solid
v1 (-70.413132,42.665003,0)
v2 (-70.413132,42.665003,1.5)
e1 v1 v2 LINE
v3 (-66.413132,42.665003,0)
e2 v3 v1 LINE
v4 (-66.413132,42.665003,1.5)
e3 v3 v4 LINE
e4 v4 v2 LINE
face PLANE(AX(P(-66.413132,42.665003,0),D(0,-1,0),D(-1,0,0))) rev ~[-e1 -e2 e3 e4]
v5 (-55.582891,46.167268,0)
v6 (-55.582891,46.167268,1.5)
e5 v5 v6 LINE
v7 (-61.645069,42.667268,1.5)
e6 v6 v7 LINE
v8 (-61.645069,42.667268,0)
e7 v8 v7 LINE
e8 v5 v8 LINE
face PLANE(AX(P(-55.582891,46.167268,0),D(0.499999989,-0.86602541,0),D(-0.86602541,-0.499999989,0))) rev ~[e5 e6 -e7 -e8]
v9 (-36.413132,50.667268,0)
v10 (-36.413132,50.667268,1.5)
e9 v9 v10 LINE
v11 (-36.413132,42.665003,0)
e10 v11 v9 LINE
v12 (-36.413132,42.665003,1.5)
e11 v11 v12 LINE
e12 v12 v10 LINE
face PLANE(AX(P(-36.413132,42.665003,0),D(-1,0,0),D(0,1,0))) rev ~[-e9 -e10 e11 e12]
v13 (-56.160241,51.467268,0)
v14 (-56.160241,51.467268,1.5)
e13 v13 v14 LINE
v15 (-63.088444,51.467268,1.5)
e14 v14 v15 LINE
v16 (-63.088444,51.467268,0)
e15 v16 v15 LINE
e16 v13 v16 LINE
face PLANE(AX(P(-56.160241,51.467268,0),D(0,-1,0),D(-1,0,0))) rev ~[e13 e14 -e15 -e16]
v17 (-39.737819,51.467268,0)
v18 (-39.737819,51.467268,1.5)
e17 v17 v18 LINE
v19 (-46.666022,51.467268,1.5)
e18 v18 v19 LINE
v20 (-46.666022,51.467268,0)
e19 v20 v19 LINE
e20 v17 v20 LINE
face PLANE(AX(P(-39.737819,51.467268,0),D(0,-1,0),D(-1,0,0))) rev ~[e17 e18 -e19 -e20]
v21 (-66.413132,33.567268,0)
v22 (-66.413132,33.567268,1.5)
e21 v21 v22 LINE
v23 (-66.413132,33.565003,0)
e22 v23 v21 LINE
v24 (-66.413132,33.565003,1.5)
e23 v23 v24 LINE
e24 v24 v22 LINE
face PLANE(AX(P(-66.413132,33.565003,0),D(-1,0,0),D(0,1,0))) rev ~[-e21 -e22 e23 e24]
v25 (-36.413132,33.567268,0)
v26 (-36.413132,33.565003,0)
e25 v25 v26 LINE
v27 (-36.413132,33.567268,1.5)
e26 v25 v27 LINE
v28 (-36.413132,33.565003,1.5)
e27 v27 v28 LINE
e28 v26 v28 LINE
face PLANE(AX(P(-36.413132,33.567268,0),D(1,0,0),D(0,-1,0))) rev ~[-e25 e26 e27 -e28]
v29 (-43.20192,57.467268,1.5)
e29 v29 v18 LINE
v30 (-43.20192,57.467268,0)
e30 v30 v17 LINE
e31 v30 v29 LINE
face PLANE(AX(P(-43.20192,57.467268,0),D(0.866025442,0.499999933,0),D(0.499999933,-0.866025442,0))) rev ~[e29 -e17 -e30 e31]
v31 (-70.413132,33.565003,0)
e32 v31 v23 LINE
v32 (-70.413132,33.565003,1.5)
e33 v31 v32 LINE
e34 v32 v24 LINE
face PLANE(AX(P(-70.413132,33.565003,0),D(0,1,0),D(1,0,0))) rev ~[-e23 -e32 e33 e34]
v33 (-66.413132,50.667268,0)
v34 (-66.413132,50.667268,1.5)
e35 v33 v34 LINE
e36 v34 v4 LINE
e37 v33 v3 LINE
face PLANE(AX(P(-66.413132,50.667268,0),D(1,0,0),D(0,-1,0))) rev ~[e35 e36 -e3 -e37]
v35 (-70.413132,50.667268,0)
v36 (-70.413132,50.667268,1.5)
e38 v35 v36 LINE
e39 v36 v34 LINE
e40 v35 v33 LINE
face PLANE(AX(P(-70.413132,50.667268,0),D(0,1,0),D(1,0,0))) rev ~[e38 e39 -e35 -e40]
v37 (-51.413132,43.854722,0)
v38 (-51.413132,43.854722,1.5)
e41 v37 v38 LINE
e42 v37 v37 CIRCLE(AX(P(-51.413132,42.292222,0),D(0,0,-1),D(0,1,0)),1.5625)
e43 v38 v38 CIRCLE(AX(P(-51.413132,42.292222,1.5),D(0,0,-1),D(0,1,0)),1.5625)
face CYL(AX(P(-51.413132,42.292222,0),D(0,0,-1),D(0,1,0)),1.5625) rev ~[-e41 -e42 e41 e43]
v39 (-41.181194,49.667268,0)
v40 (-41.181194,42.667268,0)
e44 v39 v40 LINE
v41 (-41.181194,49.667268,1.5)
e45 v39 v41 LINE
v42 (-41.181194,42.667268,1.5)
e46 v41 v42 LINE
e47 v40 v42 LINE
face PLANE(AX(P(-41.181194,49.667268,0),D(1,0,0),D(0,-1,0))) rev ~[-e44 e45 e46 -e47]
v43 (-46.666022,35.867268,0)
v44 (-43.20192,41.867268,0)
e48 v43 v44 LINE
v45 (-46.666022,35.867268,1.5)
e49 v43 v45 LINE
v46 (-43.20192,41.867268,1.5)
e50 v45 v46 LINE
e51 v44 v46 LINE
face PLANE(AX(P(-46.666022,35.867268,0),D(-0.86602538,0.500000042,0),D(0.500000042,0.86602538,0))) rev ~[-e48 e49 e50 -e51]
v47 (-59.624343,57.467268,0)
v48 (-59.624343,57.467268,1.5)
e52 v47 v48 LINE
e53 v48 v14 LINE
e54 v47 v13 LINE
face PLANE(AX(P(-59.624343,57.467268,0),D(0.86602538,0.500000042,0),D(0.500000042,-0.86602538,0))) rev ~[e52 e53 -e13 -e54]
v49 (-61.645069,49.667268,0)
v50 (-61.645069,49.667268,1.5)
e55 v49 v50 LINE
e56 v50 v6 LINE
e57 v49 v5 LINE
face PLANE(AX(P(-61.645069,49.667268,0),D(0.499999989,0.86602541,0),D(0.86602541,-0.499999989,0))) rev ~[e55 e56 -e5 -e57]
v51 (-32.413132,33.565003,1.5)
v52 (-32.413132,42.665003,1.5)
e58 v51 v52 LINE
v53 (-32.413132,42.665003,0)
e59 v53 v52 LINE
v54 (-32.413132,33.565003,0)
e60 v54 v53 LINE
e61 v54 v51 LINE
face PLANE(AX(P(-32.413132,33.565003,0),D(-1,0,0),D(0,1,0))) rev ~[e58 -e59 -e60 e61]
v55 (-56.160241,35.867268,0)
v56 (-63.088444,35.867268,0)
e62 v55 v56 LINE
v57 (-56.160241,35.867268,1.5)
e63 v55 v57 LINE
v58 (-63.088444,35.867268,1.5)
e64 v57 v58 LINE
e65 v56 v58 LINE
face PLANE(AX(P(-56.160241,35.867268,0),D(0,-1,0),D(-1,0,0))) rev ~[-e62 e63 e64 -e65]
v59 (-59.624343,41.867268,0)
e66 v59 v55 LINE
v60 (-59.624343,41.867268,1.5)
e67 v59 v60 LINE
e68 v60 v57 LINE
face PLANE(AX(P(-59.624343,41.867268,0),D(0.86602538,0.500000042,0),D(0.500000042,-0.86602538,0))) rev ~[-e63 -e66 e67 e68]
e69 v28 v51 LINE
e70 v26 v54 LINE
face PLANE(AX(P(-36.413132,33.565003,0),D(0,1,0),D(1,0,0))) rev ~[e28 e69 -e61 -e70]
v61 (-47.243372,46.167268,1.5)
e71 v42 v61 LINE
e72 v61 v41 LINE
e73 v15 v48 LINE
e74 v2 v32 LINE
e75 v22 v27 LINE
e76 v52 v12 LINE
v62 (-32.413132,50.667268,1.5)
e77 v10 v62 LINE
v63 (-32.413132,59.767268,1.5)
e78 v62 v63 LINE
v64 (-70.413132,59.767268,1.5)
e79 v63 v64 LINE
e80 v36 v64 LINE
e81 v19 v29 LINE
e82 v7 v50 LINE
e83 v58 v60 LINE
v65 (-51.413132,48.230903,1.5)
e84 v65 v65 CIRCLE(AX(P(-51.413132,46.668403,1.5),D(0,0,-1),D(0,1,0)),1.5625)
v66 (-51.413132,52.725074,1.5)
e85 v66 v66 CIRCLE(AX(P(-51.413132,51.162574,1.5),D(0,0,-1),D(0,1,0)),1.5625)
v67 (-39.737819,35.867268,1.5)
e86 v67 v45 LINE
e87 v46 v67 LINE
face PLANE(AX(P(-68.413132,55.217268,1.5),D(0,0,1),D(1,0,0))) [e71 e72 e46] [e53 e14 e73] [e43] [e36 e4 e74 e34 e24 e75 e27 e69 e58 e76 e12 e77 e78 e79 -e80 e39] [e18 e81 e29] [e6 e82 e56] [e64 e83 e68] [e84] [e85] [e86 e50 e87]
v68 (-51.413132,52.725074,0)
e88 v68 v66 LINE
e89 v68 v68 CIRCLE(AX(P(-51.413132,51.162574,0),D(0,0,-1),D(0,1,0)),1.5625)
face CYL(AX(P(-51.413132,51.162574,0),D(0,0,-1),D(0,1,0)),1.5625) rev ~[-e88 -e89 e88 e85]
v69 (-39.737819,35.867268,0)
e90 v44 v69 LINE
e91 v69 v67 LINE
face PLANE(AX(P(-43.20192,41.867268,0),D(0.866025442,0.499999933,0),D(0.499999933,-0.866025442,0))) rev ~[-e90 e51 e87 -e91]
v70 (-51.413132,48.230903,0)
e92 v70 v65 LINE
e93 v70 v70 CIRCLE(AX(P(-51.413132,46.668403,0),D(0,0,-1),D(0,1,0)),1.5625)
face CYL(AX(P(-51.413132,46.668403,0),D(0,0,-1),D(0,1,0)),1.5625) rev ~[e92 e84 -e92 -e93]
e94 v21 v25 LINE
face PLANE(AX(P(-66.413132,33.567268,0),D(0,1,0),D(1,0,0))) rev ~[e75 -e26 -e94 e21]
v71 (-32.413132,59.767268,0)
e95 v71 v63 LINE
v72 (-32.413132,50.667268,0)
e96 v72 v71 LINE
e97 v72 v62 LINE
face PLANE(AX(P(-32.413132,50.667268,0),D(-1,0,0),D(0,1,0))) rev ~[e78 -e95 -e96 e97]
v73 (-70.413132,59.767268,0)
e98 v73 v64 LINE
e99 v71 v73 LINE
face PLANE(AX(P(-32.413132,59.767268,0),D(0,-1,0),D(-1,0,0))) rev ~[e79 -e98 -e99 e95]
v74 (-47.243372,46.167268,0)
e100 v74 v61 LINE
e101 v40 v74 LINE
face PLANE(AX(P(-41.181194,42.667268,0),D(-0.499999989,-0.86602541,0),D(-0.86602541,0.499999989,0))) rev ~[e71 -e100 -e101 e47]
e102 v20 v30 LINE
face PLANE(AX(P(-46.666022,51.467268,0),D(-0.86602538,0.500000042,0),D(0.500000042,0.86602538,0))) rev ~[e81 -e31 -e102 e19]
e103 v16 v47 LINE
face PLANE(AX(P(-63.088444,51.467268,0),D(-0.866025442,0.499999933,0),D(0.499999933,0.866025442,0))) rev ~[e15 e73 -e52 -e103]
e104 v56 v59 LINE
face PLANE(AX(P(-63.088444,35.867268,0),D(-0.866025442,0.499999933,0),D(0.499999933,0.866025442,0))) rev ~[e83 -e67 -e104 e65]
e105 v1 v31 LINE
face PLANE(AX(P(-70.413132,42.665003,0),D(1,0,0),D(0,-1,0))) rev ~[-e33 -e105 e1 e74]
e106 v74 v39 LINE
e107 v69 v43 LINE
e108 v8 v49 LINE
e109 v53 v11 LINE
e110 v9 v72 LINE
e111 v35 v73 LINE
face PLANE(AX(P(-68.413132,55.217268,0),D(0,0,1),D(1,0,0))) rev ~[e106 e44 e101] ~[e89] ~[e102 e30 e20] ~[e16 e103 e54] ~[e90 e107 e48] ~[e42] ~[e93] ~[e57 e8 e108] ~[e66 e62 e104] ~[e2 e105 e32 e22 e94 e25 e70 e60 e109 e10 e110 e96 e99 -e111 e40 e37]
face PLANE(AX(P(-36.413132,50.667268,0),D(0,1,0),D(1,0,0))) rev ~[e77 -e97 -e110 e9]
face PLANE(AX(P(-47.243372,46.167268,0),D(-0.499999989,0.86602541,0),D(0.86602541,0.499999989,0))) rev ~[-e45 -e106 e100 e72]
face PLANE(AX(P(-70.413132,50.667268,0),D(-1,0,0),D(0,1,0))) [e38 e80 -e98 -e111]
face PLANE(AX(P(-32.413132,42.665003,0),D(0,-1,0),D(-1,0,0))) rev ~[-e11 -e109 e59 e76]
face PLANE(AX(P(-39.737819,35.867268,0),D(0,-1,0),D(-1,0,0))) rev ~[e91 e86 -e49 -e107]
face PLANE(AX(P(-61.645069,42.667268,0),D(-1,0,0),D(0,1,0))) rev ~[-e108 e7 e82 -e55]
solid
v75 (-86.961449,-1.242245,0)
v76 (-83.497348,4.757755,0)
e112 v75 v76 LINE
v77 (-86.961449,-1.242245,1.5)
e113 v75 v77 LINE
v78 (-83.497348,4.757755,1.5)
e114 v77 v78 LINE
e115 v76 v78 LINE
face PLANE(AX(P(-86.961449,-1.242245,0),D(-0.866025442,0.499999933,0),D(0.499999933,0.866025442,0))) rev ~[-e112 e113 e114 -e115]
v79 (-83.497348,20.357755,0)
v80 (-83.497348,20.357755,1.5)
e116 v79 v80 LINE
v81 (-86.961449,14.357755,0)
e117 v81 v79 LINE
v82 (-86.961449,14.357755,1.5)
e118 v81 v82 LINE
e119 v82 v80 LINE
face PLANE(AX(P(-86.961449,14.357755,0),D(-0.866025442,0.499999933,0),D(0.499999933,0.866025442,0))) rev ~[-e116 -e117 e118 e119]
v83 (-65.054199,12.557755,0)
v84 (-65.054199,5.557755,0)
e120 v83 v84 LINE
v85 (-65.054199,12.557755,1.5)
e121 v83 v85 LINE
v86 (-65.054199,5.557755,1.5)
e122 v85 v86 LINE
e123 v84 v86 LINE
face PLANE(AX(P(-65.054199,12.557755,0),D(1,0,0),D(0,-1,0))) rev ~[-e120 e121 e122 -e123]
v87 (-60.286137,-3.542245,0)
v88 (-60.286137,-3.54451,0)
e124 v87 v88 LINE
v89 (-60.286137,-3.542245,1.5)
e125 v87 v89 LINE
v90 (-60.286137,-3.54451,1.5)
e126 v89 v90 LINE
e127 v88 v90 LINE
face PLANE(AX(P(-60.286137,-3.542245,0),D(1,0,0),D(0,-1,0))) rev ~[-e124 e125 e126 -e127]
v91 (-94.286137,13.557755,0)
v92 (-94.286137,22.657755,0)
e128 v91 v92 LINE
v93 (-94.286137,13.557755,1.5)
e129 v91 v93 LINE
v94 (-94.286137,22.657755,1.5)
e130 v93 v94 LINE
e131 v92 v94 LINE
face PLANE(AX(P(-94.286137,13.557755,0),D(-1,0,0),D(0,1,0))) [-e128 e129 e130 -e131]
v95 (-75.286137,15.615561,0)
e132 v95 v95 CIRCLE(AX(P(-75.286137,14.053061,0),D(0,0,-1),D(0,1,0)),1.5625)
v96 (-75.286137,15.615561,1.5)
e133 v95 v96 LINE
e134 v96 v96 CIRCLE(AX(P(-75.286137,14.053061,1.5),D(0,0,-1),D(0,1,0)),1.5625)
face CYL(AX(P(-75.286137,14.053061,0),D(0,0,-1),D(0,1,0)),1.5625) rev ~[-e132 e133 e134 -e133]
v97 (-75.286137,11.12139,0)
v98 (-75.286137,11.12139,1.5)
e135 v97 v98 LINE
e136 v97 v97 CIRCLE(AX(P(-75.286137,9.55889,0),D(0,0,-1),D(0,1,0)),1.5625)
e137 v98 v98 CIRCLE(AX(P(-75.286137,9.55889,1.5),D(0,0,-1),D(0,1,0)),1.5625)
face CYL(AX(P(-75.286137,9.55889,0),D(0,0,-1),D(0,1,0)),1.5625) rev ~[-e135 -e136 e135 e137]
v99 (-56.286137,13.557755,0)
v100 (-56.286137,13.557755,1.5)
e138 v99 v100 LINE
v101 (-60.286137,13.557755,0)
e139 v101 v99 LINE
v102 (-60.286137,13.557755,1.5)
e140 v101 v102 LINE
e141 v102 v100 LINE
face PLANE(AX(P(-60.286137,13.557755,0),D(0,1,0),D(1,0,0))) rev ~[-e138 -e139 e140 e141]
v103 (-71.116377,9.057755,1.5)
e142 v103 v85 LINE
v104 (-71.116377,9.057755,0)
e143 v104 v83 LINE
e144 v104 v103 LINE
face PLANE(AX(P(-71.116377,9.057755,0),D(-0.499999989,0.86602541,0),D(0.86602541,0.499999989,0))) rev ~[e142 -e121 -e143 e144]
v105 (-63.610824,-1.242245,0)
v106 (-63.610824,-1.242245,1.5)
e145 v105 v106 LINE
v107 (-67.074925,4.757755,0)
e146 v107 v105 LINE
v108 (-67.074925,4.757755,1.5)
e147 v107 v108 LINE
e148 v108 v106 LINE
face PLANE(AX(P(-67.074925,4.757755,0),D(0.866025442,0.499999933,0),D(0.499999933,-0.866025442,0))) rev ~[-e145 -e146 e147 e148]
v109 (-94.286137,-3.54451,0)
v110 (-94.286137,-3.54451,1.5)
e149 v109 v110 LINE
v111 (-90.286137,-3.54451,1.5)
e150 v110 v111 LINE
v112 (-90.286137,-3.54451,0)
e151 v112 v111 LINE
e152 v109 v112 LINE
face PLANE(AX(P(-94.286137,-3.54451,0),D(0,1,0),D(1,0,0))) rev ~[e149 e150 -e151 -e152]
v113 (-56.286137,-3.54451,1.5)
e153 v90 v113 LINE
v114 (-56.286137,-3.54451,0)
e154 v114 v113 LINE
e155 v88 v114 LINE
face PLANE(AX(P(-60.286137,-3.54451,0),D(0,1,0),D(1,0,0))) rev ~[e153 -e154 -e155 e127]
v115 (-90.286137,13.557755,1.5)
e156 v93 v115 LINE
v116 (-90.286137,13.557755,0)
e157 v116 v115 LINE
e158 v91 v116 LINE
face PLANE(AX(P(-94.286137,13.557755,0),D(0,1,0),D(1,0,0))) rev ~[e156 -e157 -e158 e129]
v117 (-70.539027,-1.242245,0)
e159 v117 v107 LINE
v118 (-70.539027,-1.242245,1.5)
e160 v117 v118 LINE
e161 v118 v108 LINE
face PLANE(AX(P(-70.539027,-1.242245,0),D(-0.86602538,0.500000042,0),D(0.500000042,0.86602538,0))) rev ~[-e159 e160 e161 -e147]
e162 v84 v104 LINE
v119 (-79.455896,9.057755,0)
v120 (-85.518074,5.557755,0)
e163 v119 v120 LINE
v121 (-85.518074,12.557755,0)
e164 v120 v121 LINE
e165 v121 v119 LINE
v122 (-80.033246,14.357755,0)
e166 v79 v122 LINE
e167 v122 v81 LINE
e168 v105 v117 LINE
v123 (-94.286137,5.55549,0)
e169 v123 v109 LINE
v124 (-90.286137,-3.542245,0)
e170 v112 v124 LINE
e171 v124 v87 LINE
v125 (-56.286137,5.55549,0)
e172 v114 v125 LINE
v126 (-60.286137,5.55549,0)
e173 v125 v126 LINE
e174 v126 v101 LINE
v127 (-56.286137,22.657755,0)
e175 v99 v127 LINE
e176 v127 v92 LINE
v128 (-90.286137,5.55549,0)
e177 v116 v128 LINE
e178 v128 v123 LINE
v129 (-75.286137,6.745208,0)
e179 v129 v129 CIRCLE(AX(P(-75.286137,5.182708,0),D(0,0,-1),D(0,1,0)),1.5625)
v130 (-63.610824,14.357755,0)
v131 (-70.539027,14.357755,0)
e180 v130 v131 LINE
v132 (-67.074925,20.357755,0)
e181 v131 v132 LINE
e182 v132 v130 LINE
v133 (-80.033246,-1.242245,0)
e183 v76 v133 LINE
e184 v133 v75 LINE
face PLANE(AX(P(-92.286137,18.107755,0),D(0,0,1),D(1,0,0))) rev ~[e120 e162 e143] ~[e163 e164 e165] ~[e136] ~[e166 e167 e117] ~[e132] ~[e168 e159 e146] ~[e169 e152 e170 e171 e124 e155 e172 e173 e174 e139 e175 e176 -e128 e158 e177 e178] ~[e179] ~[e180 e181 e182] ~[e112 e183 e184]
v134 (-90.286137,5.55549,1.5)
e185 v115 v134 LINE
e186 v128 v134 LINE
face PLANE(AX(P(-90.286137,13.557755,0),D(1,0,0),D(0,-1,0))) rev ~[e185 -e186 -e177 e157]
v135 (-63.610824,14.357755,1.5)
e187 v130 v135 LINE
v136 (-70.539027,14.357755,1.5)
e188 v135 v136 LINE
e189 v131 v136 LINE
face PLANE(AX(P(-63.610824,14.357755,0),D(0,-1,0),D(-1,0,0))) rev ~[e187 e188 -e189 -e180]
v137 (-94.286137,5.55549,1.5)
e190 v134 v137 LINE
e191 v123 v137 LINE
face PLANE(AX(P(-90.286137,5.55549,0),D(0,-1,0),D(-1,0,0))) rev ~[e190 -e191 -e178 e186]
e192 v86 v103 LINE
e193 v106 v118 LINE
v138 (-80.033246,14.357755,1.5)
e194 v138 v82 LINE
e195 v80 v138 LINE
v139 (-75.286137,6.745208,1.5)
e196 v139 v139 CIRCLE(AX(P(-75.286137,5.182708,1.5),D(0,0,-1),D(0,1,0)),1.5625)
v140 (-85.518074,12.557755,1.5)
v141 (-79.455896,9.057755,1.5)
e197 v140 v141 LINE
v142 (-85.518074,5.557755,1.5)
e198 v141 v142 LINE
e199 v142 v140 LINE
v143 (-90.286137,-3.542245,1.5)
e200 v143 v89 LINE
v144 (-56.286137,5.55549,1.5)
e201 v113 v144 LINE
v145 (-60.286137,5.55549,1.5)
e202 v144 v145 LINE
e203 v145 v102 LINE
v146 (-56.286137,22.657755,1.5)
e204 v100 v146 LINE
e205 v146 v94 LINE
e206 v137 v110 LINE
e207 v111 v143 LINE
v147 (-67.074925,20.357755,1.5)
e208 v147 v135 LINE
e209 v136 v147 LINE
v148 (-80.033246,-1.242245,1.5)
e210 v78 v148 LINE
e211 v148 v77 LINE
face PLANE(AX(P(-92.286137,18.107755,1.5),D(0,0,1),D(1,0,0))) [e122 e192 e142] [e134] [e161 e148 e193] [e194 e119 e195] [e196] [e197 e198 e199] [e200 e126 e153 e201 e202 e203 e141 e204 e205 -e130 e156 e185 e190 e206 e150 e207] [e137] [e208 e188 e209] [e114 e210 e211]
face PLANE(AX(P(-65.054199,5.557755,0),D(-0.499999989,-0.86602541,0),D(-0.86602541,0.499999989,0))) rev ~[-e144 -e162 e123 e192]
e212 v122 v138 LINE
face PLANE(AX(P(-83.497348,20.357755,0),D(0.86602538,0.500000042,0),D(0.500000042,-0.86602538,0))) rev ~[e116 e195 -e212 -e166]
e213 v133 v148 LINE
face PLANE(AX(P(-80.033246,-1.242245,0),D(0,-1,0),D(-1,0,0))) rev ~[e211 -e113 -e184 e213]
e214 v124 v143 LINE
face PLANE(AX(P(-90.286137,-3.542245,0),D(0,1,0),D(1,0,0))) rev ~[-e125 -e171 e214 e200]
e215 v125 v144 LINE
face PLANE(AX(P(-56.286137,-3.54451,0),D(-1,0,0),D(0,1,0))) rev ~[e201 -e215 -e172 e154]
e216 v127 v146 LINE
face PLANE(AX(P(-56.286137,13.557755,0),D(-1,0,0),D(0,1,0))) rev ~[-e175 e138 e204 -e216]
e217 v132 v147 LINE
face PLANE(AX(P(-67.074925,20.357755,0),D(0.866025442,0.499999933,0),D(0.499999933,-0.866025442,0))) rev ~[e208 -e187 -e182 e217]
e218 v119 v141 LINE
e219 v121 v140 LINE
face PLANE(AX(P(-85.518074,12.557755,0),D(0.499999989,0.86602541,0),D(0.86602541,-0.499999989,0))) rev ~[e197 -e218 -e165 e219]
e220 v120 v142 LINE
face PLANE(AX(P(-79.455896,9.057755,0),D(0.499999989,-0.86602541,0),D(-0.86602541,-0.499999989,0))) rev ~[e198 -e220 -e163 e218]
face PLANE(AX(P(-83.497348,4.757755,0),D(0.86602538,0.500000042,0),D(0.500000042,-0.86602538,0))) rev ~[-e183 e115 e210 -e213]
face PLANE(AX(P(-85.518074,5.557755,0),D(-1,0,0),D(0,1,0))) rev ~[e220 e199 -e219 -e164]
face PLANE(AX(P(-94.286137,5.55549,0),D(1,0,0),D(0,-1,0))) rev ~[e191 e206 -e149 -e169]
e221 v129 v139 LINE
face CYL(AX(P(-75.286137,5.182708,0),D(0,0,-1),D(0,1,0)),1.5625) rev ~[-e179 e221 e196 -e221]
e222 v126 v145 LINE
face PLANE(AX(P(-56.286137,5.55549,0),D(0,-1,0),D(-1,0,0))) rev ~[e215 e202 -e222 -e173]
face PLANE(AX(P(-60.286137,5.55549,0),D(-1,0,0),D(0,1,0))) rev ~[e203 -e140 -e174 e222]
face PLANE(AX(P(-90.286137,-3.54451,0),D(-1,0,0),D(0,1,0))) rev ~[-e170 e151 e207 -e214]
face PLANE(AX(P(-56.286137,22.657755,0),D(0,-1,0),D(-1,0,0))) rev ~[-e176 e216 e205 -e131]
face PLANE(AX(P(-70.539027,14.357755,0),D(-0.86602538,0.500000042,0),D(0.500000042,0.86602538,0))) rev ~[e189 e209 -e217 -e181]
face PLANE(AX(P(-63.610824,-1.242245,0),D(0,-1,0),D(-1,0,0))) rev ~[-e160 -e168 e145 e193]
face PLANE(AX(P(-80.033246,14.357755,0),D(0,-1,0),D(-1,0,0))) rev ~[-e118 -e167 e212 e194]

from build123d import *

# Parameters (mm, degrees)
F0_W     = 4
F0_H     = 9.1
F1_DEPTH = 1.5
F2_DEPTH = 1.5


with BuildPart() as f1:
    # F0 (on Top) → F1 (new body)
    with BuildSketch(Plane.XY):
        with Locations((-68.413132, 55.217268)):
            Rectangle(F0_W, F0_H)
        Polygon((-66.413132, 33.567268), (-66.413132, 42.665003), (-70.413132, 42.665003), (-70.413132, 33.565003), (-66.413132, 33.565003), align=None)
        with BuildLine():
            Line((-51.413132, 59.767268), (-66.413132, 59.767268))
            Line((-66.413132, 59.767268), (-66.413132, 50.667268))
            Line((-66.413132, 50.667268), (-66.413132, 42.665003))
            Line((-66.413132, 42.665003), (-66.413132, 33.567268))
            Line((-66.413132, 33.567268), (-51.413132, 33.567268))
            Line((-51.413132, 33.567268), (-51.413132, 40.729722))
            ThreePointArc((-51.413132, 40.729722), (-52.975632, 42.292222), (-51.413132, 43.854722))
            Line((-51.413132, 43.854722), (-51.413132, 45.105903))
            ThreePointArc((-51.413132, 45.105903), (-52.975632, 46.668403), (-51.413132, 48.230903))
            Line((-51.413132, 48.230903), (-51.413132, 49.600074))
            ThreePointArc((-51.413132, 49.600074), (-52.975632, 51.162574), (-51.413132, 52.725074))
            Line((-51.413132, 52.725074), (-51.413132, 59.767268))
        make_face()
        Polygon((-59.624343, 41.867268), (-56.160241, 35.867268), (-63.088444, 35.867268), align=None, mode=Mode.SUBTRACT)
        Polygon((-61.645069, 49.667268), (-55.582891, 46.167268), (-61.645069, 42.667268), align=None, mode=Mode.SUBTRACT)
        Polygon((-59.624343, 57.467268), (-56.160241, 51.467268), (-63.088444, 51.467268), align=None, mode=Mode.SUBTRACT)
        with BuildLine():
            Line((-36.413132, 59.767268), (-51.413132, 59.767268))
            Line((-51.413132, 59.767268), (-51.413132, 52.725074))
            ThreePointArc((-51.413132, 52.725074), (-49.850632, 51.162574), (-51.413132, 49.600074))
            Line((-51.413132, 49.600074), (-51.413132, 48.230903))
            ThreePointArc((-51.413132, 48.230903), (-49.850632, 46.668403), (-51.413132, 45.105903))
            Line((-51.413132, 45.105903), (-51.413132, 43.854722))
            ThreePointArc((-51.413132, 43.854722), (-49.850632, 42.292222), (-51.413132, 40.729722))
            Line((-51.413132, 40.729722), (-51.413132, 33.567268))
            Line((-51.413132, 33.567268), (-36.413132, 33.567268))
            Line((-36.413132, 33.567268), (-36.413132, 42.665003))
            Line((-36.413132, 42.665003), (-36.413132, 50.667268))
            Line((-36.413132, 50.667268), (-36.413132, 59.767268))
        make_face()
        Polygon((-43.20192, 41.867268), (-39.737819, 35.867268), (-46.666022, 35.867268), align=None, mode=Mode.SUBTRACT)
        Polygon((-41.181194, 49.667268), (-41.181194, 42.667268), (-47.243372, 46.167268), align=None, mode=Mode.SUBTRACT)
        Polygon((-43.20192, 57.467268), (-39.737819, 51.467268), (-46.666022, 51.467268), align=None, mode=Mode.SUBTRACT)
        Polygon((-32.413132, 42.665003), (-36.413132, 42.665003), (-36.413132, 33.567268), (-36.413132, 33.565003), (-32.413132, 33.565003), align=None)
        with Locations((-34.413132, 55.217268)):
            Rectangle(F0_W, F0_H)
    extrude(amount=F1_DEPTH)


with BuildPart() as f2:
    # F0 (on Top) → F2 (new body)
    with BuildSketch(Plane.XY):
        with Locations((-92.286137, 18.107755)):
            Rectangle(F0_W, F0_H)
        with BuildLine():
            Line((-75.286137, 22.657755), (-90.286137, 22.657755))
            Line((-90.286137, 22.657755), (-90.286137, 13.557755))
            Line((-90.286137, 13.557755), (-90.286137, 5.55549))
            Line((-90.286137, 5.55549), (-90.286137, -3.542245))
            Line((-90.286137, -3.542245), (-75.286137, -3.542245))
            Line((-75.286137, -3.542245), (-75.286137, 3.620208))
            ThreePointArc((-75.286137, 3.620208), (-76.848637, 5.182708), (-75.286137, 6.745208))
            Line((-75.286137, 6.745208), (-75.286137, 7.99639))
            ThreePointArc((-75.286137, 7.99639), (-76.848637, 9.55889), (-75.286137, 11.12139))
            Line((-75.286137, 11.12139), (-75.286137, 12.490561))
            ThreePointArc((-75.286137, 12.490561), (-76.848637, 14.053061), (-75.286137, 15.615561))
            Line((-75.286137, 15.615561), (-75.286137, 22.657755))
        make_face()
        Polygon((-83.497348, 4.757755), (-80.033246, -1.242245), (-86.961449, -1.242245), align=None, mode=Mode.SUBTRACT)
        Polygon((-85.518074, 12.557755), (-79.455896, 9.057755), (-85.518074, 5.557755), align=None, mode=Mode.SUBTRACT)
        Polygon((-83.497348, 20.357755), (-80.033246, 14.357755), (-86.961449, 14.357755), align=None, mode=Mode.SUBTRACT)
        Polygon((-90.286137, -3.542245), (-90.286137, 5.55549), (-94.286137, 5.55549), (-94.286137, -3.54451), (-90.286137, -3.54451), align=None)
        with BuildLine():
            Line((-60.286137, 22.657755), (-75.286137, 22.657755))
            Line((-75.286137, 22.657755), (-75.286137, 15.615561))
            ThreePointArc((-75.286137, 15.615561), (-73.723637, 14.053061), (-75.286137, 12.490561))
            Line((-75.286137, 12.490561), (-75.286137, 11.12139))
            ThreePointArc((-75.286137, 11.12139), (-73.723637, 9.55889), (-75.286137, 7.99639))
            Line((-75.286137, 7.99639), (-75.286137, 6.745208))
            ThreePointArc((-75.286137, 6.745208), (-73.723637, 5.182708), (-75.286137, 3.620208))
            Line((-75.286137, 3.620208), (-75.286137, -3.542245))
            Line((-75.286137, -3.542245), (-60.286137, -3.542245))
            Line((-60.286137, -3.542245), (-60.286137, 5.55549))
            Line((-60.286137, 5.55549), (-60.286137, 13.557755))
            Line((-60.286137, 13.557755), (-60.286137, 22.657755))
        make_face()
        Polygon((-67.074925, 4.757755), (-63.610824, -1.242245), (-70.539027, -1.242245), align=None, mode=Mode.SUBTRACT)
        Polygon((-65.054199, 12.557755), (-65.054199, 5.557755), (-71.116377, 9.057755), align=None, mode=Mode.SUBTRACT)
        Polygon((-67.074925, 20.357755), (-63.610824, 14.357755), (-70.539027, 14.357755), align=None, mode=Mode.SUBTRACT)
        Polygon((-56.286137, 5.55549), (-60.286137, 5.55549), (-60.286137, -3.542245), (-60.286137, -3.54451), (-56.286137, -3.54451), align=None)
        with Locations((-58.286137, 18.107755)):
            Rectangle(F0_W, F0_H)
    extrude(amount=F2_DEPTH)


solid = Compound([f1.part, f2.part])
